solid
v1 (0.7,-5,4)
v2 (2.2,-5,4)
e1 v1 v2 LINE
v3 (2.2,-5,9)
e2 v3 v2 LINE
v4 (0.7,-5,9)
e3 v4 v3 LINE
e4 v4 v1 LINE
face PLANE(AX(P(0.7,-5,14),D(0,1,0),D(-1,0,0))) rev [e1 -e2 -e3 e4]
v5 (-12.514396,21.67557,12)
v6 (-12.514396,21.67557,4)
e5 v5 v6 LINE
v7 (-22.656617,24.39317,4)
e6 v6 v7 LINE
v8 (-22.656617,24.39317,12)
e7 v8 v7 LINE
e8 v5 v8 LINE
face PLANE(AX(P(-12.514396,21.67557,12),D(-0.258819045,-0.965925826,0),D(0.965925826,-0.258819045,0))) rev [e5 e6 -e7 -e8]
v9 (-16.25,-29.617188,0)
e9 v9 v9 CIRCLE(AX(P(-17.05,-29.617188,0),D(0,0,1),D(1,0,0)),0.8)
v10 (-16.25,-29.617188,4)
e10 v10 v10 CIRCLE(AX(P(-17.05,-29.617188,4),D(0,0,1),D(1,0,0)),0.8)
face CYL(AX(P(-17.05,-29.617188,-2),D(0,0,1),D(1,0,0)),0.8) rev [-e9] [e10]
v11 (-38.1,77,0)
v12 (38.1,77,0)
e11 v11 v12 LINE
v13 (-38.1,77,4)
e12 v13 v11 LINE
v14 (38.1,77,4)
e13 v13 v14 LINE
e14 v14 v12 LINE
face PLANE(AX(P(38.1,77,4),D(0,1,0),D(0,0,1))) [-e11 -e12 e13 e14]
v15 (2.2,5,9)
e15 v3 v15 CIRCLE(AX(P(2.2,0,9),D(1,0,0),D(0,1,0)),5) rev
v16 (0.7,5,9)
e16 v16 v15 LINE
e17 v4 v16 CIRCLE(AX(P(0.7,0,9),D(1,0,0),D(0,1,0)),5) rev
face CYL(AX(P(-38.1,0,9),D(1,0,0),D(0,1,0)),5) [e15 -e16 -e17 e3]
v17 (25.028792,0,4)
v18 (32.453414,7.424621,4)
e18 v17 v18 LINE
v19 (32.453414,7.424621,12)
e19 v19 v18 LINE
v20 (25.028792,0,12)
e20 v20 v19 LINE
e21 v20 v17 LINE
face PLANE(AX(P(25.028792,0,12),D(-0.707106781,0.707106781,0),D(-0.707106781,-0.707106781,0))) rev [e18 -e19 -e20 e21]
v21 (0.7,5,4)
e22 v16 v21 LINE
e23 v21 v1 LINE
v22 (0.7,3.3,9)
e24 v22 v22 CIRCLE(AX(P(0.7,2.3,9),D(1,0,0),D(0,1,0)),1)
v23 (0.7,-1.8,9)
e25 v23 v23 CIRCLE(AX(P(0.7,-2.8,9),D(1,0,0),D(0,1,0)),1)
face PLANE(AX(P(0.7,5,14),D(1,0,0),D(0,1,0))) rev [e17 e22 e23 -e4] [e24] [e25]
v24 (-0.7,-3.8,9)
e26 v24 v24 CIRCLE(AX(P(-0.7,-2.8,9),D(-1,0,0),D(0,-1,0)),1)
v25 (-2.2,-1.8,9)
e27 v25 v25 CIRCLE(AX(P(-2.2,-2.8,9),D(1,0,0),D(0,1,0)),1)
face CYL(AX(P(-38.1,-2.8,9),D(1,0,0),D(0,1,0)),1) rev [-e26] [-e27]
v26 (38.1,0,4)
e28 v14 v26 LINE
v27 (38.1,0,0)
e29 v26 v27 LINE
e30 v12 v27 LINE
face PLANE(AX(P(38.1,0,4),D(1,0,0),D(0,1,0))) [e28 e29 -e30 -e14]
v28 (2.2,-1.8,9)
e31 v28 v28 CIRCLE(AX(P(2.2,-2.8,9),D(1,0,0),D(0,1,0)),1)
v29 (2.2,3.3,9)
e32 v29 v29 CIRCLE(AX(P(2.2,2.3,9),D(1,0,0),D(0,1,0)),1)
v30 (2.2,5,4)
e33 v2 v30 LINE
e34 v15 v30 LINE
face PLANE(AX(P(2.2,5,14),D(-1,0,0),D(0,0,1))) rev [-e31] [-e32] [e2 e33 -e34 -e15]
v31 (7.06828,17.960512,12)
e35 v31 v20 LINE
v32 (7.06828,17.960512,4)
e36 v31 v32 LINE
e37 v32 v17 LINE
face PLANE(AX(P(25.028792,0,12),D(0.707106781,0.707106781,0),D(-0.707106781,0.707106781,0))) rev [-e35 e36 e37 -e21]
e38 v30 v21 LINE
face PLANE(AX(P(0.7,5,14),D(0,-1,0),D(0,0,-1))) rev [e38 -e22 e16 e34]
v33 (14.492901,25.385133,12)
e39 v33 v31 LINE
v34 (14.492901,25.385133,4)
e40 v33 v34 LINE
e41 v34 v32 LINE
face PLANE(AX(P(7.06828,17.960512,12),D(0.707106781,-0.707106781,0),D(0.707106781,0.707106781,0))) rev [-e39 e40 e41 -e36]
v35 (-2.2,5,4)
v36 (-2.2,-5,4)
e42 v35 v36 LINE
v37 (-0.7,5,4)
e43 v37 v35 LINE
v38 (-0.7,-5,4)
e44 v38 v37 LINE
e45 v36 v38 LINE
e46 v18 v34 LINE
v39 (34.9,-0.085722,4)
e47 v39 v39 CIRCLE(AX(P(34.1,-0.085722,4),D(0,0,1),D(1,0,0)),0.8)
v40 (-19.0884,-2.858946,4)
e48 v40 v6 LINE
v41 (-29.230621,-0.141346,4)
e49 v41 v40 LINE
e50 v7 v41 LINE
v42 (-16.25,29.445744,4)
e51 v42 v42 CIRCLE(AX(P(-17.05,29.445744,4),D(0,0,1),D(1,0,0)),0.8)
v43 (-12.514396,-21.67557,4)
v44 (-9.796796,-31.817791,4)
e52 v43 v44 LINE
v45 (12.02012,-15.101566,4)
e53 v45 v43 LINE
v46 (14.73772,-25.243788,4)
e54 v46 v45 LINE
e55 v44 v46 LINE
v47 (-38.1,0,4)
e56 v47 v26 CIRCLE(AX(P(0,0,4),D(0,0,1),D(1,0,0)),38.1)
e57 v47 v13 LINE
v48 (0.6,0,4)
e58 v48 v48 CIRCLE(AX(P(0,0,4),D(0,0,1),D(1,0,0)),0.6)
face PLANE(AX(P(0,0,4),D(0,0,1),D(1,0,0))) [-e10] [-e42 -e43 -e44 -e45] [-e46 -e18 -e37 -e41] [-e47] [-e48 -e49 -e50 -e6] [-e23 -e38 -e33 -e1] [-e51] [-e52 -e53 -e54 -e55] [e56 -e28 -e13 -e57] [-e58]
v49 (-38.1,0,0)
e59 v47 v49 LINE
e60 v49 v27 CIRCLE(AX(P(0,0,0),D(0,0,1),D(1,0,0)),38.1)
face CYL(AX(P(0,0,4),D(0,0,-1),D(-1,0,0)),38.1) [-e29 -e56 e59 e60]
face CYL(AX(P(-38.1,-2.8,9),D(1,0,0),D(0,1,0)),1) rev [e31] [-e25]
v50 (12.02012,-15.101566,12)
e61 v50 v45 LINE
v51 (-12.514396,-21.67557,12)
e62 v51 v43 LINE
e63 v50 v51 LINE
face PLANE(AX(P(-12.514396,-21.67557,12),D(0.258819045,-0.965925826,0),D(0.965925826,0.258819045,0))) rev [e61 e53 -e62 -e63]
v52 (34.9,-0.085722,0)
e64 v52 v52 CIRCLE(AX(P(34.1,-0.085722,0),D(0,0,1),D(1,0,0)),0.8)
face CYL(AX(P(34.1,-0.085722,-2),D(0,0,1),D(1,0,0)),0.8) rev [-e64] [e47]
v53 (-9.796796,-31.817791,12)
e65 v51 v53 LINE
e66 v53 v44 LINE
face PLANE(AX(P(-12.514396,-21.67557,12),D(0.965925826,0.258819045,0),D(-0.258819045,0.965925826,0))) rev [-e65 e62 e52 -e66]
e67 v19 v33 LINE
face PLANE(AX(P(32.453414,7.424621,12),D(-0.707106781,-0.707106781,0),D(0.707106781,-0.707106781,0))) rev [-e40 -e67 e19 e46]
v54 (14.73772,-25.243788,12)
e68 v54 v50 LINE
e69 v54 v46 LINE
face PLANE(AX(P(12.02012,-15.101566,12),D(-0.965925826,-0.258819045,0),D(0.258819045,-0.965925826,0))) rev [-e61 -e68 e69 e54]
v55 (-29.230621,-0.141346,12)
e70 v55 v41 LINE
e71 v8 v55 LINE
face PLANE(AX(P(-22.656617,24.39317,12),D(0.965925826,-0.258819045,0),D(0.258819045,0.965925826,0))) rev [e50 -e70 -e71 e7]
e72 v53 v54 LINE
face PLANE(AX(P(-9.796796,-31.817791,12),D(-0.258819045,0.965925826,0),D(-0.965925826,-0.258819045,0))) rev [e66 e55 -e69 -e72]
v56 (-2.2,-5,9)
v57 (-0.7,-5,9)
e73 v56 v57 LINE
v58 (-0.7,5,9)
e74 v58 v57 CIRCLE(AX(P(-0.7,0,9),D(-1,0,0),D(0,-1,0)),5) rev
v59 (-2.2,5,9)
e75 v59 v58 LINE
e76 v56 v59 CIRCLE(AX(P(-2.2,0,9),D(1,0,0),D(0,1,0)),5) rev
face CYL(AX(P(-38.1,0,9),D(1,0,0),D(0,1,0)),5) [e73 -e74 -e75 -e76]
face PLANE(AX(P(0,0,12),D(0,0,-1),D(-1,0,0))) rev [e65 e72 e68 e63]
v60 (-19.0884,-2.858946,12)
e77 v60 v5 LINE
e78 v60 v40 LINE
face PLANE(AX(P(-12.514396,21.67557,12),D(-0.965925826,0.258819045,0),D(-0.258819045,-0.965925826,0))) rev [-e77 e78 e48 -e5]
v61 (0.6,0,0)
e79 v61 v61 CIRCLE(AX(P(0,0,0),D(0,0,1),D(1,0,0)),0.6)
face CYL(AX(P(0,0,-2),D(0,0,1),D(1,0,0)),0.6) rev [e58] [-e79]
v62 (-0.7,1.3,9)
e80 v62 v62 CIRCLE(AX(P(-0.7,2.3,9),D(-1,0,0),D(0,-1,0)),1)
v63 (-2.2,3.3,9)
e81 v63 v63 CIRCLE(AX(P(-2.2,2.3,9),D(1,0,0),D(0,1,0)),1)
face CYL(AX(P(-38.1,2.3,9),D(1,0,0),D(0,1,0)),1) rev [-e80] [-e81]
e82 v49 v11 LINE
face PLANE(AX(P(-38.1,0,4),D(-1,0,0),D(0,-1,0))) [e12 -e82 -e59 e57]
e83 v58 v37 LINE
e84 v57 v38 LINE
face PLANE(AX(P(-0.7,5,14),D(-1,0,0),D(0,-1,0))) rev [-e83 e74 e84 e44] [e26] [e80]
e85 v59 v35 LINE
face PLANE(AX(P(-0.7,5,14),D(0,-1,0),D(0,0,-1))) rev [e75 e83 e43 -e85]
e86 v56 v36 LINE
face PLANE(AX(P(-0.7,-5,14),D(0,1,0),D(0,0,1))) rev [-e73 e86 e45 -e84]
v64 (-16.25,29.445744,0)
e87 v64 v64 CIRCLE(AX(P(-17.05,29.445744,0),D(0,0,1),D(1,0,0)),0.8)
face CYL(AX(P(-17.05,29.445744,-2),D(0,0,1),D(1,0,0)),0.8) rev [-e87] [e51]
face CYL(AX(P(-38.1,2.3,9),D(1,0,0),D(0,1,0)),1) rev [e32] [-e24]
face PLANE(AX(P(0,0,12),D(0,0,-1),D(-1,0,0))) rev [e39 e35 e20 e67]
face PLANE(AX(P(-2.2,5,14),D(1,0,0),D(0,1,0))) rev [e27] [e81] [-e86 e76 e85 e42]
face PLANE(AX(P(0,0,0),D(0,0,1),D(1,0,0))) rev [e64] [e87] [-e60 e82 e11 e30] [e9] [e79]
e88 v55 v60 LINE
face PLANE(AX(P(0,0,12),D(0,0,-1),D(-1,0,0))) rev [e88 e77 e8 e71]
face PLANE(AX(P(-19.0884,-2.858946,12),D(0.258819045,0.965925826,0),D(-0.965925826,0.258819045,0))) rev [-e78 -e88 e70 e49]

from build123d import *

# Parameters (mm, degrees)
SKETCH2_R           = 38.1
BOSS_EXTRUDE1_DEPTH = 4
SKETCH11_W          = 76.2
SKETCH11_H          = 77
BOSS_EXTRUDE4_DEPTH = 4
SKETCH3_R           = 0.8
CUT_EXTRUDE1_DEPTH  = 6
SKETCH4_R           = 0.6
CUT_EXTRUDE2_DEPTH  = 6
SKETCH5_W           = 1.5
SKETCH5_H           = 10
BOSS_EXTRUDE2_DEPTH = 10
CUT_EXTRUDE3_DEPTH  = 89.028915704
SKETCH7_R           = 1
CUT_EXTRUDE4_DEPTH  = 89.028915704
BOSS_EXTRUDE3_DEPTH = 8


with BuildPart() as part:
    # Sketch2 → Boss-Extrude1 (new body)
    with BuildSketch(Plane.XY):
        Circle(SKETCH2_R)
    extrude(amount=BOSS_EXTRUDE1_DEPTH)

    # Sketch11 → Boss-Extrude4 (add)
    with BuildSketch(Plane(origin=(0, 0, 0), x_dir=(-1, 0, 0), z_dir=(0, 0, -1))):
        with Locations((0, 38.5)):
            Rectangle(SKETCH11_W, SKETCH11_H)
    extrude(amount=-BOSS_EXTRUDE4_DEPTH)

    # Sketch3 → Cut-Extrude1 (cut)
    with BuildSketch(Plane.XY.offset(4)):
        with Locations((34.1, -0.085721815)):
            Circle(SKETCH3_R)
        with Locations((-17.05, -29.617188084)):
            Circle(SKETCH3_R)
        with Locations((-17.05, 29.445744454)):
            Circle(SKETCH3_R)
    extrude(amount=-CUT_EXTRUDE1_DEPTH, mode=Mode.SUBTRACT)

    # Sketch4 → Cut-Extrude2 (cut)
    with BuildSketch(Plane.XY.offset(4)):
        Circle(SKETCH4_R)
    extrude(amount=-CUT_EXTRUDE2_DEPTH, mode=Mode.SUBTRACT)

    # Sketch5 → Boss-Extrude2 (add)
    with BuildSketch(Plane.XY.offset(4)):
        with Locations((1.45, 0)):
            Rectangle(SKETCH5_W, SKETCH5_H)
        with Locations((-1.45, 0)):
            Rectangle(SKETCH5_W, SKETCH5_H)
    extrude(amount=BOSS_EXTRUDE2_DEPTH)

    # Sketch6 → Cut-Extrude3 (cut, through all)
    with BuildSketch(Plane(origin=(2.2, 0, 0), x_dir=(0, 0, -1), z_dir=(1, 0, 0))):
        with BuildLine():
            ThreePointArc((-14, 0), (-12.535533906, 3.535533906), (-9, 5))
            Line((-9, 5), (-14, 5))
            Line((-14, 5), (-14, 0))
        make_face()
        with BuildLine():
            ThreePointArc((-9, -5), (-12.535533906, -3.535533906), (-14, 0))
            Line((-14, 0), (-14, -5))
            Line((-14, -5), (-9, -5))
        make_face()
    extrude(amount=-CUT_EXTRUDE3_DEPTH, mode=Mode.SUBTRACT)

    # Sketch7 → Cut-Extrude4 (cut, through all)
    with BuildSketch(Plane(origin=(2.2, 0, 0), x_dir=(0, 0, -1), z_dir=(1, 0, 0))):
        with Locations(Location((-9, 2.3, 0), (0, 0, 90))):
            Circle(SKETCH7_R)
        with Locations(Location((-9, -2.8, 0), (0, 0, 90))):
            Circle(SKETCH7_R)
    extrude(amount=-CUT_EXTRUDE4_DEPTH, mode=Mode.SUBTRACT)

    # Sketch8 → Boss-Extrude3 (add)
    with BuildSketch(Plane.XY.offset(4)):
        Polygon((25.028792455, 0), (32.453413657, 7.424621202), (14.492901415, 25.385133445), (7.068280213, 17.960512242), align=None)
        Polygon((12.02011976, -15.101566346), (14.737719734, -25.243787522), (-9.796796254, -31.817791268), (-12.514396227, -21.675570092), align=None)
        Polygon((-19.088399973, -2.858945896), (-29.230621149, -0.141345922), (-22.656617403, 24.393170065), (-12.514396227, 21.675570092), align=None)
    extrude(amount=BOSS_EXTRUDE3_DEPTH)


solid = part.part
